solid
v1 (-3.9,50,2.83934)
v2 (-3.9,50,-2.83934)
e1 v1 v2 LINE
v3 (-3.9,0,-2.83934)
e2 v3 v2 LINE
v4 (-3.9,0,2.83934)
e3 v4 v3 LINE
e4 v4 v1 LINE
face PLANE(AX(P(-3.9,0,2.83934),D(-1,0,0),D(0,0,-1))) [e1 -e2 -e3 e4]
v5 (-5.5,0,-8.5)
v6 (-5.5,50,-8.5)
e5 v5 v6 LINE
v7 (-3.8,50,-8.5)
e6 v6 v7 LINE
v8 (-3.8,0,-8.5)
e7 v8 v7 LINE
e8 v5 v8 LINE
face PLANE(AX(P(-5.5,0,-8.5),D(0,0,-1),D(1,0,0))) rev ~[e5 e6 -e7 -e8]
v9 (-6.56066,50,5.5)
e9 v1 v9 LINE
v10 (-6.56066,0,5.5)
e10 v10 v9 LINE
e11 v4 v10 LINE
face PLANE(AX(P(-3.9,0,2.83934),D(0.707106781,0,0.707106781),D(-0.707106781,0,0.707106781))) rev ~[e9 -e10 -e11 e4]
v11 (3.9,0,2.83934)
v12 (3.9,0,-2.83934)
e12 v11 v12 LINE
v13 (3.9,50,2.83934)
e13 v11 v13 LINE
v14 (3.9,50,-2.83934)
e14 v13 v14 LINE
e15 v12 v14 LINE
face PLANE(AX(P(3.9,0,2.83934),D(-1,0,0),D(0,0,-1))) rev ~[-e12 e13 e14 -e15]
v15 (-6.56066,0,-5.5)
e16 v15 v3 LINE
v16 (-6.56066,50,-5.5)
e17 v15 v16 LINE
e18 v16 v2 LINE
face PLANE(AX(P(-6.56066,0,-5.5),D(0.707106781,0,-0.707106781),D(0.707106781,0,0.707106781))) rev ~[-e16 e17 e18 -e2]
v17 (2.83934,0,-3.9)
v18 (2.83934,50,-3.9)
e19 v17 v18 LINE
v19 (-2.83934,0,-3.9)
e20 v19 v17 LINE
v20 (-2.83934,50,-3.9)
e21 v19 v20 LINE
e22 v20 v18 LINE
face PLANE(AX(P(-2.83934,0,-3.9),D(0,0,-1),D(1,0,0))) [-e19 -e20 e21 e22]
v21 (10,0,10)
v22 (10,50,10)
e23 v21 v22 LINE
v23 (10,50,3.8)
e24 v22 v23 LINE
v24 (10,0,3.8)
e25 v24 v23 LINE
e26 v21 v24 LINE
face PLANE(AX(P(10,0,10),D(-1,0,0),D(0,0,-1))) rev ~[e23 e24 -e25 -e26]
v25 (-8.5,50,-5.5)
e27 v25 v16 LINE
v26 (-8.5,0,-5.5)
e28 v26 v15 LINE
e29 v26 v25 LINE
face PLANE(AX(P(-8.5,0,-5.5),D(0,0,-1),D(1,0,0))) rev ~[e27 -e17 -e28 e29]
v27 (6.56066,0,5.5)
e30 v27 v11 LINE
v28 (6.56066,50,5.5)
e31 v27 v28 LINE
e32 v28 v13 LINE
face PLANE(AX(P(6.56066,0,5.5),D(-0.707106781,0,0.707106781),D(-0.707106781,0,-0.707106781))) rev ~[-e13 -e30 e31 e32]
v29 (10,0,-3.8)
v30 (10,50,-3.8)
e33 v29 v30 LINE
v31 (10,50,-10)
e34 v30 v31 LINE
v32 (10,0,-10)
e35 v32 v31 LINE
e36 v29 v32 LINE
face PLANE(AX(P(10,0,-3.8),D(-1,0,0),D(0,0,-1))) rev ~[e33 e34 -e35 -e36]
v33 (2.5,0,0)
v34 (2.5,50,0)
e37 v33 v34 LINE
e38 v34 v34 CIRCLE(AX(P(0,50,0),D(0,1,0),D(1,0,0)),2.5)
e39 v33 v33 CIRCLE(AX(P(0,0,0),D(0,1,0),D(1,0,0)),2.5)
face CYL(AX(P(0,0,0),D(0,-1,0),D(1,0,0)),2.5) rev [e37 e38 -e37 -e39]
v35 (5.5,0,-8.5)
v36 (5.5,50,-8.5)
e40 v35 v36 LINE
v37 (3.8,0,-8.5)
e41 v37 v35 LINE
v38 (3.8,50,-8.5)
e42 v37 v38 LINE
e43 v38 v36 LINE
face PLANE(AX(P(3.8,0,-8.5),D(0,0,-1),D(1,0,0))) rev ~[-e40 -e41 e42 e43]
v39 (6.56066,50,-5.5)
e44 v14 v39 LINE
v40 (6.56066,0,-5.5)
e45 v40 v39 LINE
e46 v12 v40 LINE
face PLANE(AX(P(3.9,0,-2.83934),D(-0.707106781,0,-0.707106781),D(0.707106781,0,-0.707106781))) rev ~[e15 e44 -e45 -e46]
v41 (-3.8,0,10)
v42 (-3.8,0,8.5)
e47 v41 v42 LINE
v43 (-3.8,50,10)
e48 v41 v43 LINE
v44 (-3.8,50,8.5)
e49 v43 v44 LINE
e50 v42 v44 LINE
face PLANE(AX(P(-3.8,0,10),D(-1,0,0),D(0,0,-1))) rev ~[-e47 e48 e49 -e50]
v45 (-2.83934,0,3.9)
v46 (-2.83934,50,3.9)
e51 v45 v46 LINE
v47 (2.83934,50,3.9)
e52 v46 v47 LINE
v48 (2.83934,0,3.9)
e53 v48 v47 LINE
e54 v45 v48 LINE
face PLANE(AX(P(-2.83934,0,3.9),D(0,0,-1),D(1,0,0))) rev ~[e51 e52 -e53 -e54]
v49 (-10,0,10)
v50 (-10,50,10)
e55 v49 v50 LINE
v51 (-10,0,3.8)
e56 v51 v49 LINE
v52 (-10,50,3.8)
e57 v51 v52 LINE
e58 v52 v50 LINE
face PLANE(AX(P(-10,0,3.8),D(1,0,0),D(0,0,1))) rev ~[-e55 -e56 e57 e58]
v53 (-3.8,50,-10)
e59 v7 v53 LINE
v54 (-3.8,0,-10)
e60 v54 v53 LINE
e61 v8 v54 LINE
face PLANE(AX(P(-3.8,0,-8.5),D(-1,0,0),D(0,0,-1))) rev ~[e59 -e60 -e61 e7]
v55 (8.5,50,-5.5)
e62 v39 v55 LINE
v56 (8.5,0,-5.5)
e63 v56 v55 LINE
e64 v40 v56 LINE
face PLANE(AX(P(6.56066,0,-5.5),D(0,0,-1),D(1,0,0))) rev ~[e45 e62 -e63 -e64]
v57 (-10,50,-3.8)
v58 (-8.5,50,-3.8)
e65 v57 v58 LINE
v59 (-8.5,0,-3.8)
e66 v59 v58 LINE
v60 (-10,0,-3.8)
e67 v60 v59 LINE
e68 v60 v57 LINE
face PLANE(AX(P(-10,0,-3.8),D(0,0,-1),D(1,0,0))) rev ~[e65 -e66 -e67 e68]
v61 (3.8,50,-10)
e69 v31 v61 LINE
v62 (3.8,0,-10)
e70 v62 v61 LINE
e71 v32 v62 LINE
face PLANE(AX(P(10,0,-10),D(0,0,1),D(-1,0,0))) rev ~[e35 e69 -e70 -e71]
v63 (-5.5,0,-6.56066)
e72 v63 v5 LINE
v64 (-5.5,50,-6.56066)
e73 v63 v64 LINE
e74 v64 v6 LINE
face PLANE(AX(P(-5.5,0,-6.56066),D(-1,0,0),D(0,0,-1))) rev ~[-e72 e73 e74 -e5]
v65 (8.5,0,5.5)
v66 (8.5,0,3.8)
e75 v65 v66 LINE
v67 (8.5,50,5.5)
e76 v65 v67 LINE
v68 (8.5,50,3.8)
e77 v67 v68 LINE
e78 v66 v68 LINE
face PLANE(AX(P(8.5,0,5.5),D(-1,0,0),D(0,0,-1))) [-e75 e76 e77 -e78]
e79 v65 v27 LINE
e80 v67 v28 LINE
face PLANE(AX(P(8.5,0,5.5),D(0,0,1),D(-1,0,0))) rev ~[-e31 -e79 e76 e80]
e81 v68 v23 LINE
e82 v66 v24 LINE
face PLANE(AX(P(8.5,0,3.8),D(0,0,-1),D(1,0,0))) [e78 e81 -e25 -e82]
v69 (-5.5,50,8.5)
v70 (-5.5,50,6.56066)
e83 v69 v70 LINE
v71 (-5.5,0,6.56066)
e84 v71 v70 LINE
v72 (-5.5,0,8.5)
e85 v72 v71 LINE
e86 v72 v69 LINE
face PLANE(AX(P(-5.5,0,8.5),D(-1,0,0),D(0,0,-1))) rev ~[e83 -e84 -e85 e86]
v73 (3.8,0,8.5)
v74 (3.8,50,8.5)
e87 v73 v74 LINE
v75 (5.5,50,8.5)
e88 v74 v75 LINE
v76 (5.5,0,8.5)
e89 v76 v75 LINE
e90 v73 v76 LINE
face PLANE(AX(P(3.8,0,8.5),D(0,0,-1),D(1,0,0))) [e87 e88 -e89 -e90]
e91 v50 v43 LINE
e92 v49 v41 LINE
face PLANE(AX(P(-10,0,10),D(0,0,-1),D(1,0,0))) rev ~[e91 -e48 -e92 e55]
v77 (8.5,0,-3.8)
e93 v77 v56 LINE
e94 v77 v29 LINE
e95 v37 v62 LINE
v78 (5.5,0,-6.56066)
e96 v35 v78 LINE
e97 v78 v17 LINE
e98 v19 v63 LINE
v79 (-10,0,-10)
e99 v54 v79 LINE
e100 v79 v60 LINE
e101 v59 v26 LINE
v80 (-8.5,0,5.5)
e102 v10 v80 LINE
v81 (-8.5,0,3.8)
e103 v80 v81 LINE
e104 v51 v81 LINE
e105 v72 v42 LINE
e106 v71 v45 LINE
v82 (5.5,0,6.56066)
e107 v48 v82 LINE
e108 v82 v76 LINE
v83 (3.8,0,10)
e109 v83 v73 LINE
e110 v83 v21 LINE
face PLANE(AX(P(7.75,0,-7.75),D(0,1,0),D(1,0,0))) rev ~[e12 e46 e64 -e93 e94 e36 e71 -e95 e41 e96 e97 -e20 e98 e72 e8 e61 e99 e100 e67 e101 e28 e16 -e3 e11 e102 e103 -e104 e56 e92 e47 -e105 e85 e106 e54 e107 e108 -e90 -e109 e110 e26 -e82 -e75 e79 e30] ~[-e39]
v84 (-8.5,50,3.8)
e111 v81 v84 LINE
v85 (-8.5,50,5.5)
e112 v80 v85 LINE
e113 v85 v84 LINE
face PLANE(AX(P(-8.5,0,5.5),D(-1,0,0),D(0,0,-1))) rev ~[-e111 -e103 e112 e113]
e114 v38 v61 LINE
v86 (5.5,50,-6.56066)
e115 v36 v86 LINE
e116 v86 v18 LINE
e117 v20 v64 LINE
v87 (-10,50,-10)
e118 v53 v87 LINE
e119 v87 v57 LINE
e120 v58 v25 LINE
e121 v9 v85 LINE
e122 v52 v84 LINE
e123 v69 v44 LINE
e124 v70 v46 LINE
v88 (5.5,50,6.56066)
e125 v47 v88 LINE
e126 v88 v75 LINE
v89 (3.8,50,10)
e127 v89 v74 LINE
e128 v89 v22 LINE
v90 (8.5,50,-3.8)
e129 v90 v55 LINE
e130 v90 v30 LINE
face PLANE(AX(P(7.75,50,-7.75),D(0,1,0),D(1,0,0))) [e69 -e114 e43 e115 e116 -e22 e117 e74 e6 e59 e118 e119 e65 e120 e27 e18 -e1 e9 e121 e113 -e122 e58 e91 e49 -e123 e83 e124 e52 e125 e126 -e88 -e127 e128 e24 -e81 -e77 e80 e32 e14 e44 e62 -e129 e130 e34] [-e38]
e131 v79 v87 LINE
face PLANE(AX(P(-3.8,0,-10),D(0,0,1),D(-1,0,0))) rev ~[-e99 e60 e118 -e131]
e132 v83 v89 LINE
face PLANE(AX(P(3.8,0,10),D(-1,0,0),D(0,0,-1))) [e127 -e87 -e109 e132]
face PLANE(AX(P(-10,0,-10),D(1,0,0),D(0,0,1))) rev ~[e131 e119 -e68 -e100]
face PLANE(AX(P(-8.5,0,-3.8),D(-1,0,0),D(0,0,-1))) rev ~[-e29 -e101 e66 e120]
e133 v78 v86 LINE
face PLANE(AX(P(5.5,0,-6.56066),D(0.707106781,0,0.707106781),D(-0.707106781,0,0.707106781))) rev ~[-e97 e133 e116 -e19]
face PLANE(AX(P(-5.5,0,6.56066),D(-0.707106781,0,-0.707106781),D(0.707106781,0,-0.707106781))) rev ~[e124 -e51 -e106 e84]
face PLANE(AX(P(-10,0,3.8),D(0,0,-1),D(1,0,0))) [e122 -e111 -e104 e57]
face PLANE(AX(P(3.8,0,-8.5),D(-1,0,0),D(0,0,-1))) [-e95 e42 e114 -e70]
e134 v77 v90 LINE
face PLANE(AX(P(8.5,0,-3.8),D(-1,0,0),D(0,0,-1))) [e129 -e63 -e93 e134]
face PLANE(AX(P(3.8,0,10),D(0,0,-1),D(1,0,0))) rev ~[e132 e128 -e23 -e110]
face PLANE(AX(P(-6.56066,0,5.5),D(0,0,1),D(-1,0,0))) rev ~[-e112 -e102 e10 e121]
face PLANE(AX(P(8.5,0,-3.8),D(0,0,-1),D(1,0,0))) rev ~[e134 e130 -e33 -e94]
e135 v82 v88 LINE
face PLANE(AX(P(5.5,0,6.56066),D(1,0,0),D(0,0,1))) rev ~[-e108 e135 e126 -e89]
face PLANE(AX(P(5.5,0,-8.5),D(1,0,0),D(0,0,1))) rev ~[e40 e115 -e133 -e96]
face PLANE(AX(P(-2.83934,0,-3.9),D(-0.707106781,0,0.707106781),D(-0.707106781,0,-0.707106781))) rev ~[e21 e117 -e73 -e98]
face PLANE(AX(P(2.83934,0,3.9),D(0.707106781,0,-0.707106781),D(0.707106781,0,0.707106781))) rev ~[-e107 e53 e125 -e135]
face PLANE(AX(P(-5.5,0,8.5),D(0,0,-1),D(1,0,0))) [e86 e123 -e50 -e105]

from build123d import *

# Parameters (mm, degrees)
SKETCH_1_W      = 1.5
SKETCH_1_H      = 1.7
SKETCH_1_W_2    = 1.7
SKETCH_1_H_2    = 1.5
SKETCH_1_W_3    = 7.8
SKETCH_1_H_3    = 7.8
SKETCH_1_R      = 2.5
EXTRUDE_1_DEPTH = 50


with BuildPart() as part:
    # 草图1 → 凸台-拉伸1 (new body)
    with BuildSketch(Plane(origin=(0, 0, 0), x_dir=(1, 0, 0), z_dir=(0, 1, 0))):
        Polygon((5.5, 8.5), (5.5, 6.560660172), (5.5, 5.5), (6.560660172, 5.5), (8.5, 5.5), (10, 5.5), (10, 10), (5.5, 10), align=None)
        with Locations((9.25, 4.65)):
            Rectangle(SKETCH_1_W, SKETCH_1_H)
        Polygon((5.5, 6.560660172), (2.839339828, 3.9), (3.9, 3.9), (3.9, 2.839339828), (6.560660172, 5.5), (5.5, 5.5), align=None)
        with Locations((4.65, 9.25)):
            Rectangle(SKETCH_1_W_2, SKETCH_1_H_2)
        Rectangle(SKETCH_1_W_3, SKETCH_1_H_3)
        Circle(SKETCH_1_R, mode=Mode.SUBTRACT)
        with Locations((-4.65, 9.25)):
            Rectangle(SKETCH_1_W_2, SKETCH_1_H_2)
        Polygon((-8.5, 5.5), (-6.560660172, 5.5), (-5.5, 5.5), (-5.5, 6.560660172), (-5.5, 8.5), (-5.5, 10), (-10, 10), (-10, 5.5), align=None)
        with Locations((-9.25, 4.65)):
            Rectangle(SKETCH_1_W, SKETCH_1_H)
        Polygon((-5.5, 5.5), (-6.560660172, 5.5), (-3.9, 2.839339828), (-3.9, 3.9), (-2.839339828, 3.9), (-5.5, 6.560660172), align=None)
        Polygon((-5.5, -5.5), (-6.560660172, -5.5), (-8.5, -5.5), (-10, -5.5), (-10, -10), (-5.5, -10), (-5.5, -8.5), (-5.5, -6.560660172), align=None)
        with Locations((-4.65, -9.25)):
            Rectangle(SKETCH_1_W_2, SKETCH_1_H_2)
        with Locations((-9.25, -4.65)):
            Rectangle(SKETCH_1_W, SKETCH_1_H)
        Polygon((-3.9, -3.9), (-3.9, -2.839339828), (-6.560660172, -5.5), (-5.5, -5.5), (-5.5, -6.560660172), (-2.839339828, -3.9), align=None)
        Polygon((3.9, -3.9), (2.839339828, -3.9), (5.5, -6.560660172), (5.5, -5.5), (6.560660172, -5.5), (3.9, -2.839339828), align=None)
        Polygon((5.5, -5.5), (5.5, -6.560660172), (5.5, -8.5), (5.5, -10), (10, -10), (10, -5.5), (8.5, -5.5), (6.560660172, -5.5), align=None)
        with Locations((9.25, -4.65)):
            Rectangle(SKETCH_1_W, SKETCH_1_H)
        with Locations((4.65, -9.25)):
            Rectangle(SKETCH_1_W_2, SKETCH_1_H_2)
    extrude(amount=EXTRUDE_1_DEPTH)


solid = part.part
